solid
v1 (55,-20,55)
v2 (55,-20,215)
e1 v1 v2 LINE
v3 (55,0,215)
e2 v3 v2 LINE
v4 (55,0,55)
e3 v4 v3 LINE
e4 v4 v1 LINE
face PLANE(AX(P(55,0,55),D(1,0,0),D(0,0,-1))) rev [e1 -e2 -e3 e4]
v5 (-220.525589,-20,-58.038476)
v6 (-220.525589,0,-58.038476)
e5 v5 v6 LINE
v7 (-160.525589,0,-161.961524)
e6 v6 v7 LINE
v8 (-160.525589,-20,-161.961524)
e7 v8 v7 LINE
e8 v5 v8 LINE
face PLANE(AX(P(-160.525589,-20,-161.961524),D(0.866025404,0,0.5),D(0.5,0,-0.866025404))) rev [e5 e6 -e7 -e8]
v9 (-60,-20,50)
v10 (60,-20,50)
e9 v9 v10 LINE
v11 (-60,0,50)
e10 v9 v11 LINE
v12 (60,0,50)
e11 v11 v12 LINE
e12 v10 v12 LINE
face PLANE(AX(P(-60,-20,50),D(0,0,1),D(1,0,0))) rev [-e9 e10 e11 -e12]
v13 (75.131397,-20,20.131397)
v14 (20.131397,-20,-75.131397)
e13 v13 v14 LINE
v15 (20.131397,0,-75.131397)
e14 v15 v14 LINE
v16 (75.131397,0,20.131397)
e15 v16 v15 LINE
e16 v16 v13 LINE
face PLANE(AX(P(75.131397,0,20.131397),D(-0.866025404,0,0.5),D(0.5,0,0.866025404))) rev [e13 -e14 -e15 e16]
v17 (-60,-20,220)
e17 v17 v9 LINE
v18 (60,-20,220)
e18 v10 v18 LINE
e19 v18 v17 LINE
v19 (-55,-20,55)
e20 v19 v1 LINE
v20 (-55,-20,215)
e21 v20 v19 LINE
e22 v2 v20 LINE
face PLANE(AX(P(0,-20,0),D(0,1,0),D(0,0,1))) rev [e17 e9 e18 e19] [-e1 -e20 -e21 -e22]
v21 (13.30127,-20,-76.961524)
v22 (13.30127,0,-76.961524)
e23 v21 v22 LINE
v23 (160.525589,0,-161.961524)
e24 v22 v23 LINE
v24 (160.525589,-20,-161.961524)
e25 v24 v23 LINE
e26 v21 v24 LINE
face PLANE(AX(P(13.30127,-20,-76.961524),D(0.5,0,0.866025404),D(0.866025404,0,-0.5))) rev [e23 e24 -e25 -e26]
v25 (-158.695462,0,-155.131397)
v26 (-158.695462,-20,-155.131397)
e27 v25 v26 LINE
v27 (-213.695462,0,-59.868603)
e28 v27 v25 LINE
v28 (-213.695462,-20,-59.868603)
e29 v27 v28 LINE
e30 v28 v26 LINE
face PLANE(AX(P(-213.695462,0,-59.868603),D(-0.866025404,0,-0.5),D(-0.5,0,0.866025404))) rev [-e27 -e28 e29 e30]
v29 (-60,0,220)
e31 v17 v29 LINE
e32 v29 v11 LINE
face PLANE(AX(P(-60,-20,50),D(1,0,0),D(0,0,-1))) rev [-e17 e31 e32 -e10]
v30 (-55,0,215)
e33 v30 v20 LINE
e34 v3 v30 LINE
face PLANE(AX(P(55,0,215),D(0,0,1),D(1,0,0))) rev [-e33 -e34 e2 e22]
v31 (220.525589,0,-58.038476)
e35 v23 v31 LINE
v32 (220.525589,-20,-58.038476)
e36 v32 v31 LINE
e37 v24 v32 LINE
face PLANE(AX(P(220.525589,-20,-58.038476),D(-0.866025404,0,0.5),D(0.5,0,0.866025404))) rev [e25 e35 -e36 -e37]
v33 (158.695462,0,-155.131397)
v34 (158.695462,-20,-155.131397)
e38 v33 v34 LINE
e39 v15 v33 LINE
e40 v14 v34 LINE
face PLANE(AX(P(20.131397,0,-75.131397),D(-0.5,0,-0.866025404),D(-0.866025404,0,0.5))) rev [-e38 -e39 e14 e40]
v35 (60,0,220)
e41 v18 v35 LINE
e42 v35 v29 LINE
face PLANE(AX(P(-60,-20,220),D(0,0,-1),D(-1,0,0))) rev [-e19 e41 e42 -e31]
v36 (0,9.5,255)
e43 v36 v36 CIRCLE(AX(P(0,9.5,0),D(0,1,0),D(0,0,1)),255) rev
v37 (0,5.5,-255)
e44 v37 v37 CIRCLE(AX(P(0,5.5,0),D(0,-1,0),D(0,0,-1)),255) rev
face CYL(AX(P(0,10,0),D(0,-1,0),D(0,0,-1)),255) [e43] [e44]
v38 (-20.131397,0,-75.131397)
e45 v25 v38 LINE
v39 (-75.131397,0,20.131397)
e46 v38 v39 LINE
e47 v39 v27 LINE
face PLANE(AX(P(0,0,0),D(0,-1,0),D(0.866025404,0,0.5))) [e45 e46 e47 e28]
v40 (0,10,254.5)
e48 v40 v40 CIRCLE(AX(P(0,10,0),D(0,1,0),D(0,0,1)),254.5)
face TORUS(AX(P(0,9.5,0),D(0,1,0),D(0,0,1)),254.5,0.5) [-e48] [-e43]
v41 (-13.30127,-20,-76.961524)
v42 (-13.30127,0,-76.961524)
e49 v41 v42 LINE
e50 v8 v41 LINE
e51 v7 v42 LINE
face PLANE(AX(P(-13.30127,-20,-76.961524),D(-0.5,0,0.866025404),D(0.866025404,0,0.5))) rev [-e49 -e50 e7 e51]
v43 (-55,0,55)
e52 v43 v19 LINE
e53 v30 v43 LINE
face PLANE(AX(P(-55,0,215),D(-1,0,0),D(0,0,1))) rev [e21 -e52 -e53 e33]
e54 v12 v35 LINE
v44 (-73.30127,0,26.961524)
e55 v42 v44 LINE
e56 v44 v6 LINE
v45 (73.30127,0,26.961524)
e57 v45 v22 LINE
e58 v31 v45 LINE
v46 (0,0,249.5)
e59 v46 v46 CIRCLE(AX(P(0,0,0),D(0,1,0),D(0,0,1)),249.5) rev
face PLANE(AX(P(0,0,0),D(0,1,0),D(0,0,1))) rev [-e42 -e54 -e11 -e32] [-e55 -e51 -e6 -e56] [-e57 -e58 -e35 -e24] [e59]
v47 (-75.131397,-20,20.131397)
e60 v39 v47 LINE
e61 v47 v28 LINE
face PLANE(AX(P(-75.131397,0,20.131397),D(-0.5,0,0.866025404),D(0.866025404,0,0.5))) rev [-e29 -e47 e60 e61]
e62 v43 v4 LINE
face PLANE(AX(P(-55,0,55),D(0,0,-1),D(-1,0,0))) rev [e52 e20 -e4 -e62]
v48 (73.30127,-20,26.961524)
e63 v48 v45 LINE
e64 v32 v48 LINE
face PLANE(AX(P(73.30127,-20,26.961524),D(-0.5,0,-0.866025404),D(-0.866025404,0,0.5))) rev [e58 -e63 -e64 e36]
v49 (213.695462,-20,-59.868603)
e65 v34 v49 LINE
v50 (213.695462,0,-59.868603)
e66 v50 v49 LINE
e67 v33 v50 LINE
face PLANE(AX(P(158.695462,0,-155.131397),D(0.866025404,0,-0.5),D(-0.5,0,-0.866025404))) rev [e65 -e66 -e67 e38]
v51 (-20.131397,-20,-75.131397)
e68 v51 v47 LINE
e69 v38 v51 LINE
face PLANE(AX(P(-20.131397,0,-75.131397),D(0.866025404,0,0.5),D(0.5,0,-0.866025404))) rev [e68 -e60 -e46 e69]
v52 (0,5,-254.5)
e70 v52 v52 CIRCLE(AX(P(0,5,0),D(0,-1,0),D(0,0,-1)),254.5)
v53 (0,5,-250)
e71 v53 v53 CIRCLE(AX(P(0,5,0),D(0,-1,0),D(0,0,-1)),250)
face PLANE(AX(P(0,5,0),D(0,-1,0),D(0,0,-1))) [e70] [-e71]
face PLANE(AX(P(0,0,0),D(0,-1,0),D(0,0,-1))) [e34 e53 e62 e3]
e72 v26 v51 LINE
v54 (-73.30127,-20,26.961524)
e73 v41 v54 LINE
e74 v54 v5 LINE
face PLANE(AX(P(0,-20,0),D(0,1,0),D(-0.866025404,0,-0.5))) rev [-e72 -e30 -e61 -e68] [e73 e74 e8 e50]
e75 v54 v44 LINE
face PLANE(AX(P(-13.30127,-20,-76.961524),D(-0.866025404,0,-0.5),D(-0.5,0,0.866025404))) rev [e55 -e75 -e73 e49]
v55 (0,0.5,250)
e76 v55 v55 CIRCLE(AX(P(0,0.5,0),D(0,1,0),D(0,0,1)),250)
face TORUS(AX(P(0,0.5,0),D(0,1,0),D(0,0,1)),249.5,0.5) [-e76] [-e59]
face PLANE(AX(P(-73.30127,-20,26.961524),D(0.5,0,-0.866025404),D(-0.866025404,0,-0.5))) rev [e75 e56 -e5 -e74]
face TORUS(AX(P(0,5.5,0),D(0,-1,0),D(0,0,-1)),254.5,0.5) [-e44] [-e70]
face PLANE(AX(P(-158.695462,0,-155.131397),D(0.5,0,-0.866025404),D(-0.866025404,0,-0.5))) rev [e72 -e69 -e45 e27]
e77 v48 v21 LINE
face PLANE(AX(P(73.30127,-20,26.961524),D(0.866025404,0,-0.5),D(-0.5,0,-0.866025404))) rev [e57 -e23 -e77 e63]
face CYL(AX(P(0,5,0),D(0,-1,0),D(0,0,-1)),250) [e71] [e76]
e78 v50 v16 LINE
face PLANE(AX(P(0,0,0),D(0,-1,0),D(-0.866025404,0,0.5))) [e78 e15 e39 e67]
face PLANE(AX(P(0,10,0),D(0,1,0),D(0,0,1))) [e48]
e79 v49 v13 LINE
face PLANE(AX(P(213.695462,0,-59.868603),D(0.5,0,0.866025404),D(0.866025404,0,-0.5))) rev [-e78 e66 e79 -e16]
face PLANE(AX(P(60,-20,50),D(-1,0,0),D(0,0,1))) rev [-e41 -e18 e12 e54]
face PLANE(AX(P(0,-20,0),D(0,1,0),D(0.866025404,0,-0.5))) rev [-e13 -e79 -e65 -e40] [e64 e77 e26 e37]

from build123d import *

# Parameters (mm, degrees)
SKETCH1_R           = 255
BOSS_EXTRUDE1_DEPTH = 10
SKETCH4_R           = 255
SKETCH4_R_2         = 250
CUT_EXTRUDE1_DEPTH  = 5
FILLET1_R           = 0.5
SKETCH5_W           = 120
SKETCH5_H           = 170
BOSS_EXTRUDE3_DEPTH = 20
CIRPATTERN2_COUNT   = 3
SKETCH6_W           = 110
SKETCH6_H           = 160
CUT_EXTRUDE3_DEPTH  = 20
CIRPATTERN4_COUNT   = 3


with BuildPart() as part:
    # Sketch1 → Boss-Extrude1 (new body)
    with BuildSketch(Plane(origin=(0, 0, 0), x_dir=(1, 0, 0), z_dir=(0, 1, 0))):
        with Locations(Location((0, 0, 0), (0, 0, 270))):
            Circle(SKETCH1_R)
    extrude(amount=BOSS_EXTRUDE1_DEPTH)

    # Sketch4 → Cut-Extrude1 (cut)
    with BuildSketch(Plane(origin=(0, 0, 0), x_dir=(-1, 0, 0), z_dir=(0, -1, 0))):
        with Locations(Location((0, 0, 0), (0, 0, 90))):
            Circle(SKETCH4_R)
        with Locations(Location((0, 0, 0), (0, 0, 90))):
            Circle(SKETCH4_R_2, mode=Mode.SUBTRACT)
    extrude(amount=-CUT_EXTRUDE1_DEPTH, mode=Mode.SUBTRACT)

    # Fillet1
    fillet1_edges = [part.edges().sort_by_distance(p)[0] for p in [
        (0, 10, -255),
        (0, 0, 250),
        (0, 5, -255),
    ]]
    fillet(fillet1_edges, radius=FILLET1_R)

    # Sketch5 → Boss-Extrude3 (add)
    with BuildSketch(Plane.XZ):
        with Locations((0, 135)):
            Rectangle(SKETCH5_W, SKETCH5_H)
    boss_extrude3 = extrude(amount=BOSS_EXTRUDE3_DEPTH)

    # CirPattern2: Boss-Extrude3 ×3 about axis
    cirpattern2_axis = Axis((0, 0, 0), (0, 1, 0))
    for i in range(1, CIRPATTERN2_COUNT):
        add(boss_extrude3.rotate(cirpattern2_axis, i * 360 / CIRPATTERN2_COUNT))

    # Sketch6 → Cut-Extrude3 (cut)
    with BuildSketch(Plane.XZ.offset(20)):
        with Locations((0, 135)):
            Rectangle(SKETCH6_W, SKETCH6_H)
    cut_extrude3 = extrude(amount=-CUT_EXTRUDE3_DEPTH, mode=Mode.SUBTRACT)

    # CirPattern4: Cut-Extrude3 ×3 about axis
    cirpattern4_axis = Axis((0, 0, 0), (0, 1, 0))
    for i in range(1, CIRPATTERN4_COUNT):
        add(cut_extrude3.rotate(cirpattern4_axis, i * 360 / CIRPATTERN4_COUNT), mode=Mode.SUBTRACT)


solid = part.part
